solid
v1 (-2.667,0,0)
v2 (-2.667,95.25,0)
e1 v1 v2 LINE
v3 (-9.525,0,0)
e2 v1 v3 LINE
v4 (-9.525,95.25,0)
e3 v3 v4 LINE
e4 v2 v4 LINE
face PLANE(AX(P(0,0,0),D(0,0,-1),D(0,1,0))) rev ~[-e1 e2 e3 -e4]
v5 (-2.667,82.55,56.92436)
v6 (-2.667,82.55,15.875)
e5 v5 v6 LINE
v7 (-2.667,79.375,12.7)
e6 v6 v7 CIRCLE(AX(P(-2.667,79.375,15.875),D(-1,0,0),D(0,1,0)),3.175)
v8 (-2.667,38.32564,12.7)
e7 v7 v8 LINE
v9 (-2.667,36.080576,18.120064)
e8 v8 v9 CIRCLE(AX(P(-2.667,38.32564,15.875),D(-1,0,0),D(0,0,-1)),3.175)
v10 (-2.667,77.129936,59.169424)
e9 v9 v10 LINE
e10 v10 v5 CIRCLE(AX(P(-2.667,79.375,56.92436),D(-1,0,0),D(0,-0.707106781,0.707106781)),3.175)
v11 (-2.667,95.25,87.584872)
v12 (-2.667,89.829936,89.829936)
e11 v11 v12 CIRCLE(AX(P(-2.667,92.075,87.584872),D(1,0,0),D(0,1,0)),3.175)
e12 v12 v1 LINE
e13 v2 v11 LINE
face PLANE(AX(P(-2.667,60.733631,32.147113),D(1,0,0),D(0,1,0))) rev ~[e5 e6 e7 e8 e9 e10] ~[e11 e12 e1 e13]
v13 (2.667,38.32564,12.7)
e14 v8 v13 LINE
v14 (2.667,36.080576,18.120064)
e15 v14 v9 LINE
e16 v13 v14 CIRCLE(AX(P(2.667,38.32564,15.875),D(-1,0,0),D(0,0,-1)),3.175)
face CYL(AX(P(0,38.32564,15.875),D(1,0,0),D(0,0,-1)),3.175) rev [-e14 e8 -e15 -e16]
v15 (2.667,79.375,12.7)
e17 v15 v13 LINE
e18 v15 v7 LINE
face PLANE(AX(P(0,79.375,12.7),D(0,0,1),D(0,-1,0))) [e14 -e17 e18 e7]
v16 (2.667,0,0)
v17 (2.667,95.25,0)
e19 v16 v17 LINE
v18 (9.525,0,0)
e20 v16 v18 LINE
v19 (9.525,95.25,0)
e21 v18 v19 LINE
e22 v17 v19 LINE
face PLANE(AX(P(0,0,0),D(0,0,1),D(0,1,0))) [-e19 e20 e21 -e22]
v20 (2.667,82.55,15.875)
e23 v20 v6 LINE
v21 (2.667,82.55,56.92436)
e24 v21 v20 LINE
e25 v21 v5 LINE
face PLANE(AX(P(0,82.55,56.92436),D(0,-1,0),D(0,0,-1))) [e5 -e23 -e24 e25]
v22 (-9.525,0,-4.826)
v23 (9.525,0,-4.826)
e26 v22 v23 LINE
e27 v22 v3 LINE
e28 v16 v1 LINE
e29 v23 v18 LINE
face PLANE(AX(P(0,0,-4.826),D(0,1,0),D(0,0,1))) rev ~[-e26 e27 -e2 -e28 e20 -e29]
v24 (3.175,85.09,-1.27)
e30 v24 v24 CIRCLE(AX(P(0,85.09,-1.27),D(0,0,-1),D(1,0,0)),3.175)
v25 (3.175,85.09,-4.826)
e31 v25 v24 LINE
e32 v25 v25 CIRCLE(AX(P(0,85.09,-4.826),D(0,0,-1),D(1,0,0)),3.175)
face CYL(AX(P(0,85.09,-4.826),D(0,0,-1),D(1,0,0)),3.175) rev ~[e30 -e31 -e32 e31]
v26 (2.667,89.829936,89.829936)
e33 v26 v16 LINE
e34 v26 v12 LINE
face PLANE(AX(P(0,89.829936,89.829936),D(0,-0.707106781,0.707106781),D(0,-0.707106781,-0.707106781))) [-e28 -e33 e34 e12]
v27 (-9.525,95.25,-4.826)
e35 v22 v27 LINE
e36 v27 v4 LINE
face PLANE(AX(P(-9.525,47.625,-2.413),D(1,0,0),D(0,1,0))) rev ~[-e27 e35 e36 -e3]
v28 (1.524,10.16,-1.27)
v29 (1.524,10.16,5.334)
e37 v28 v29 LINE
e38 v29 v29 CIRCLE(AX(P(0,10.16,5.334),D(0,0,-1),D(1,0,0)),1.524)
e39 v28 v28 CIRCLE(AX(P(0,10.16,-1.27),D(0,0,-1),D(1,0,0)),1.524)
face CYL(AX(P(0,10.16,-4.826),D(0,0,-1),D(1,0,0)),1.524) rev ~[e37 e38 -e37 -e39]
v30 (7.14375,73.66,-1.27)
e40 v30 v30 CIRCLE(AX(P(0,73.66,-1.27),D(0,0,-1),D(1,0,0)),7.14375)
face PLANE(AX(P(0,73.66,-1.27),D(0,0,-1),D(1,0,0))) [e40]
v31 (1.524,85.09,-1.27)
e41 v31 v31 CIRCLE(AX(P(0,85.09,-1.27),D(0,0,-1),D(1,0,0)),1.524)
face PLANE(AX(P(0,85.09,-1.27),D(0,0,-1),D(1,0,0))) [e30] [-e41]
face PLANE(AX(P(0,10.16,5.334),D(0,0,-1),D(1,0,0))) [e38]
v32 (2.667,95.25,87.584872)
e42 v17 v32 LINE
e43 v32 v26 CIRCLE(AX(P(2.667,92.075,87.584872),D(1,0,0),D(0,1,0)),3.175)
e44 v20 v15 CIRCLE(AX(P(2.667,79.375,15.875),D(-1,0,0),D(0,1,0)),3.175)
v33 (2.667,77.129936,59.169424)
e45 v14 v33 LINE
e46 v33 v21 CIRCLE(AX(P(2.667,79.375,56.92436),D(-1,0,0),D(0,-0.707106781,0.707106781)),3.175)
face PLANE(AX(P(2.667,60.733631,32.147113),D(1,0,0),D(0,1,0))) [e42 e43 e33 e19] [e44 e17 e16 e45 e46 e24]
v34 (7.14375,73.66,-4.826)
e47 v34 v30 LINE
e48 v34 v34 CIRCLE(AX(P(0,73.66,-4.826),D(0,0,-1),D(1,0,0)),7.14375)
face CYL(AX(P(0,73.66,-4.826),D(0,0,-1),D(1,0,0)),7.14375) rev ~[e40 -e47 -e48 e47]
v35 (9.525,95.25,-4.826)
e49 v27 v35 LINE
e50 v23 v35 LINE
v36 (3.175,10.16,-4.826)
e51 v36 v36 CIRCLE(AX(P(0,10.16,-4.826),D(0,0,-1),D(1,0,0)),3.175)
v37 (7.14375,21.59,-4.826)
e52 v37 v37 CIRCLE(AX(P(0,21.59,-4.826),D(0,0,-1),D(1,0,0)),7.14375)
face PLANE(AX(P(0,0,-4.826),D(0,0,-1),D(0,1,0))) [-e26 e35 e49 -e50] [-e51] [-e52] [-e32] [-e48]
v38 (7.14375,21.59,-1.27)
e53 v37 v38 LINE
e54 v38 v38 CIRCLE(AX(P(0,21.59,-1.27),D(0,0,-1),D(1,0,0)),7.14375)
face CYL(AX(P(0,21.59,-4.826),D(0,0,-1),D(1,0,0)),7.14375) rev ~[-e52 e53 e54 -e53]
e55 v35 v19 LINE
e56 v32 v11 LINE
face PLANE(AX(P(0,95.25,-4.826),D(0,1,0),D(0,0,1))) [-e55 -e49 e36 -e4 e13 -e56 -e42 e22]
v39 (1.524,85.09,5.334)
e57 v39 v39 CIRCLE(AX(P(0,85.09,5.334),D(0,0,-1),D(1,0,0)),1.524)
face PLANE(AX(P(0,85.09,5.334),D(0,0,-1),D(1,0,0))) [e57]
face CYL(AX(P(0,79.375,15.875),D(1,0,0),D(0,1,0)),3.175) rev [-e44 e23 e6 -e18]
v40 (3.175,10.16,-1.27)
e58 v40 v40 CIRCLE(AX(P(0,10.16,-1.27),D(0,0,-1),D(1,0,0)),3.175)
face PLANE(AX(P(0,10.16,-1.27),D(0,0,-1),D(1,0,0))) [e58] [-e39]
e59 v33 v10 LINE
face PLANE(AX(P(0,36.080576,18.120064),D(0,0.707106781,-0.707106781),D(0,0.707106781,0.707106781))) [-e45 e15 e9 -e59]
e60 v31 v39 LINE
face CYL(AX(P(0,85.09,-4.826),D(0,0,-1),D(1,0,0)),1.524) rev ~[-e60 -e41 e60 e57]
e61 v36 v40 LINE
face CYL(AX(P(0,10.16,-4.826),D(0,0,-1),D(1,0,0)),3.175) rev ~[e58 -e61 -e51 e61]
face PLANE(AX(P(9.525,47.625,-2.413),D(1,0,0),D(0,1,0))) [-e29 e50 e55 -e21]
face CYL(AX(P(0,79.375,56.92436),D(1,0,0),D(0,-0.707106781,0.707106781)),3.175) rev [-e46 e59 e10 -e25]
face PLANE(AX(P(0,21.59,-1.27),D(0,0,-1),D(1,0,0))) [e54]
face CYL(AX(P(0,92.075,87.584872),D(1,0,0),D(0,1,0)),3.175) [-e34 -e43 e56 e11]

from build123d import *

# Parameters (mm, degrees)
F1_DEPTH      = 2.667
F1_DEPTH_BACK = 2.667
F2_W          = 95.25
F2_H          = 4.826
F3_DEPTH      = 9.525
F3_DEPTH_BACK = 9.525
F4_R          = 3.175
F4_R_2        = 7.14375
F5_DEPTH      = 3.556
F6_R          = 1.524
F7_DEPTH      = 10.16


with BuildPart() as f1:
    # F0 (on Right) → F1 (new body, two sides)
    with BuildSketch(Plane.YZ) as f1_sk:
        with BuildLine():
            Line((89.8299359697, 89.8299359697), (0, 0))
            Line((0, 0), (7.6651280605, 0))
            Line((7.6651280605, 0), (95.25, 0))
            Line((95.25, 0), (95.25, 87.5848719395))
            ThreePointArc((95.25, 87.5848719395), (93.2900198978, 90.5181894552), (89.8299359697, 89.8299359697))
        make_face()
        with BuildLine():
            ThreePointArc((38.3256403027, 12.7), (35.3923227869, 14.6599801022), (36.0805762724, 18.1200640303))
            Line((36.0805762724, 18.1200640303), (77.1299359697, 59.1694237276))
            ThreePointArc((77.1299359697, 59.1694237276), (80.5900198978, 59.8576772131), (82.55, 56.9243596973))
            Line((82.55, 56.9243596973), (82.55, 15.875))
            ThreePointArc((82.55, 15.875), (81.6200640303, 13.6299359697), (79.375, 12.7))
            Line((79.375, 12.7), (38.3256403027, 12.7))
        make_face(mode=Mode.SUBTRACT)
    extrude(amount=F1_DEPTH)
    extrude(f1_sk.sketch, amount=-F1_DEPTH_BACK)

    # F2 (on Right) → F3 (join, two sides)
    with BuildSketch(Plane.YZ) as f3_sk:
        with Locations((47.625, -2.413)):
            Rectangle(F2_W, F2_H)
    extrude(amount=F3_DEPTH)
    extrude(f3_sk.sketch, amount=-F3_DEPTH_BACK)

    # F4 (on face) → F5 (cut)
    with BuildSketch(Plane(origin=(0, 0, -4.826), x_dir=(1, 0, 0), z_dir=(0, 0, -1))):
        with Locations((0, -85.09)):
            Circle(F4_R)
        with Locations((0, -10.16)):
            Circle(F4_R)
        with Locations((0, -73.66)):
            Circle(F4_R_2)
        with Locations((0, -21.59)):
            Circle(F4_R_2)
    extrude(amount=-F5_DEPTH, mode=Mode.SUBTRACT)

    # F6 (on face) → F7 (cut)
    with BuildSketch(Plane(origin=(0, 0, -4.826), x_dir=(1, 0, 0), z_dir=(0, 0, -1))):
        with Locations((0, -85.09)):
            Circle(F6_R)
        with Locations((0, -10.16)):
            Circle(F6_R)
    extrude(amount=-F7_DEPTH, mode=Mode.SUBTRACT)


solid = f1.part
